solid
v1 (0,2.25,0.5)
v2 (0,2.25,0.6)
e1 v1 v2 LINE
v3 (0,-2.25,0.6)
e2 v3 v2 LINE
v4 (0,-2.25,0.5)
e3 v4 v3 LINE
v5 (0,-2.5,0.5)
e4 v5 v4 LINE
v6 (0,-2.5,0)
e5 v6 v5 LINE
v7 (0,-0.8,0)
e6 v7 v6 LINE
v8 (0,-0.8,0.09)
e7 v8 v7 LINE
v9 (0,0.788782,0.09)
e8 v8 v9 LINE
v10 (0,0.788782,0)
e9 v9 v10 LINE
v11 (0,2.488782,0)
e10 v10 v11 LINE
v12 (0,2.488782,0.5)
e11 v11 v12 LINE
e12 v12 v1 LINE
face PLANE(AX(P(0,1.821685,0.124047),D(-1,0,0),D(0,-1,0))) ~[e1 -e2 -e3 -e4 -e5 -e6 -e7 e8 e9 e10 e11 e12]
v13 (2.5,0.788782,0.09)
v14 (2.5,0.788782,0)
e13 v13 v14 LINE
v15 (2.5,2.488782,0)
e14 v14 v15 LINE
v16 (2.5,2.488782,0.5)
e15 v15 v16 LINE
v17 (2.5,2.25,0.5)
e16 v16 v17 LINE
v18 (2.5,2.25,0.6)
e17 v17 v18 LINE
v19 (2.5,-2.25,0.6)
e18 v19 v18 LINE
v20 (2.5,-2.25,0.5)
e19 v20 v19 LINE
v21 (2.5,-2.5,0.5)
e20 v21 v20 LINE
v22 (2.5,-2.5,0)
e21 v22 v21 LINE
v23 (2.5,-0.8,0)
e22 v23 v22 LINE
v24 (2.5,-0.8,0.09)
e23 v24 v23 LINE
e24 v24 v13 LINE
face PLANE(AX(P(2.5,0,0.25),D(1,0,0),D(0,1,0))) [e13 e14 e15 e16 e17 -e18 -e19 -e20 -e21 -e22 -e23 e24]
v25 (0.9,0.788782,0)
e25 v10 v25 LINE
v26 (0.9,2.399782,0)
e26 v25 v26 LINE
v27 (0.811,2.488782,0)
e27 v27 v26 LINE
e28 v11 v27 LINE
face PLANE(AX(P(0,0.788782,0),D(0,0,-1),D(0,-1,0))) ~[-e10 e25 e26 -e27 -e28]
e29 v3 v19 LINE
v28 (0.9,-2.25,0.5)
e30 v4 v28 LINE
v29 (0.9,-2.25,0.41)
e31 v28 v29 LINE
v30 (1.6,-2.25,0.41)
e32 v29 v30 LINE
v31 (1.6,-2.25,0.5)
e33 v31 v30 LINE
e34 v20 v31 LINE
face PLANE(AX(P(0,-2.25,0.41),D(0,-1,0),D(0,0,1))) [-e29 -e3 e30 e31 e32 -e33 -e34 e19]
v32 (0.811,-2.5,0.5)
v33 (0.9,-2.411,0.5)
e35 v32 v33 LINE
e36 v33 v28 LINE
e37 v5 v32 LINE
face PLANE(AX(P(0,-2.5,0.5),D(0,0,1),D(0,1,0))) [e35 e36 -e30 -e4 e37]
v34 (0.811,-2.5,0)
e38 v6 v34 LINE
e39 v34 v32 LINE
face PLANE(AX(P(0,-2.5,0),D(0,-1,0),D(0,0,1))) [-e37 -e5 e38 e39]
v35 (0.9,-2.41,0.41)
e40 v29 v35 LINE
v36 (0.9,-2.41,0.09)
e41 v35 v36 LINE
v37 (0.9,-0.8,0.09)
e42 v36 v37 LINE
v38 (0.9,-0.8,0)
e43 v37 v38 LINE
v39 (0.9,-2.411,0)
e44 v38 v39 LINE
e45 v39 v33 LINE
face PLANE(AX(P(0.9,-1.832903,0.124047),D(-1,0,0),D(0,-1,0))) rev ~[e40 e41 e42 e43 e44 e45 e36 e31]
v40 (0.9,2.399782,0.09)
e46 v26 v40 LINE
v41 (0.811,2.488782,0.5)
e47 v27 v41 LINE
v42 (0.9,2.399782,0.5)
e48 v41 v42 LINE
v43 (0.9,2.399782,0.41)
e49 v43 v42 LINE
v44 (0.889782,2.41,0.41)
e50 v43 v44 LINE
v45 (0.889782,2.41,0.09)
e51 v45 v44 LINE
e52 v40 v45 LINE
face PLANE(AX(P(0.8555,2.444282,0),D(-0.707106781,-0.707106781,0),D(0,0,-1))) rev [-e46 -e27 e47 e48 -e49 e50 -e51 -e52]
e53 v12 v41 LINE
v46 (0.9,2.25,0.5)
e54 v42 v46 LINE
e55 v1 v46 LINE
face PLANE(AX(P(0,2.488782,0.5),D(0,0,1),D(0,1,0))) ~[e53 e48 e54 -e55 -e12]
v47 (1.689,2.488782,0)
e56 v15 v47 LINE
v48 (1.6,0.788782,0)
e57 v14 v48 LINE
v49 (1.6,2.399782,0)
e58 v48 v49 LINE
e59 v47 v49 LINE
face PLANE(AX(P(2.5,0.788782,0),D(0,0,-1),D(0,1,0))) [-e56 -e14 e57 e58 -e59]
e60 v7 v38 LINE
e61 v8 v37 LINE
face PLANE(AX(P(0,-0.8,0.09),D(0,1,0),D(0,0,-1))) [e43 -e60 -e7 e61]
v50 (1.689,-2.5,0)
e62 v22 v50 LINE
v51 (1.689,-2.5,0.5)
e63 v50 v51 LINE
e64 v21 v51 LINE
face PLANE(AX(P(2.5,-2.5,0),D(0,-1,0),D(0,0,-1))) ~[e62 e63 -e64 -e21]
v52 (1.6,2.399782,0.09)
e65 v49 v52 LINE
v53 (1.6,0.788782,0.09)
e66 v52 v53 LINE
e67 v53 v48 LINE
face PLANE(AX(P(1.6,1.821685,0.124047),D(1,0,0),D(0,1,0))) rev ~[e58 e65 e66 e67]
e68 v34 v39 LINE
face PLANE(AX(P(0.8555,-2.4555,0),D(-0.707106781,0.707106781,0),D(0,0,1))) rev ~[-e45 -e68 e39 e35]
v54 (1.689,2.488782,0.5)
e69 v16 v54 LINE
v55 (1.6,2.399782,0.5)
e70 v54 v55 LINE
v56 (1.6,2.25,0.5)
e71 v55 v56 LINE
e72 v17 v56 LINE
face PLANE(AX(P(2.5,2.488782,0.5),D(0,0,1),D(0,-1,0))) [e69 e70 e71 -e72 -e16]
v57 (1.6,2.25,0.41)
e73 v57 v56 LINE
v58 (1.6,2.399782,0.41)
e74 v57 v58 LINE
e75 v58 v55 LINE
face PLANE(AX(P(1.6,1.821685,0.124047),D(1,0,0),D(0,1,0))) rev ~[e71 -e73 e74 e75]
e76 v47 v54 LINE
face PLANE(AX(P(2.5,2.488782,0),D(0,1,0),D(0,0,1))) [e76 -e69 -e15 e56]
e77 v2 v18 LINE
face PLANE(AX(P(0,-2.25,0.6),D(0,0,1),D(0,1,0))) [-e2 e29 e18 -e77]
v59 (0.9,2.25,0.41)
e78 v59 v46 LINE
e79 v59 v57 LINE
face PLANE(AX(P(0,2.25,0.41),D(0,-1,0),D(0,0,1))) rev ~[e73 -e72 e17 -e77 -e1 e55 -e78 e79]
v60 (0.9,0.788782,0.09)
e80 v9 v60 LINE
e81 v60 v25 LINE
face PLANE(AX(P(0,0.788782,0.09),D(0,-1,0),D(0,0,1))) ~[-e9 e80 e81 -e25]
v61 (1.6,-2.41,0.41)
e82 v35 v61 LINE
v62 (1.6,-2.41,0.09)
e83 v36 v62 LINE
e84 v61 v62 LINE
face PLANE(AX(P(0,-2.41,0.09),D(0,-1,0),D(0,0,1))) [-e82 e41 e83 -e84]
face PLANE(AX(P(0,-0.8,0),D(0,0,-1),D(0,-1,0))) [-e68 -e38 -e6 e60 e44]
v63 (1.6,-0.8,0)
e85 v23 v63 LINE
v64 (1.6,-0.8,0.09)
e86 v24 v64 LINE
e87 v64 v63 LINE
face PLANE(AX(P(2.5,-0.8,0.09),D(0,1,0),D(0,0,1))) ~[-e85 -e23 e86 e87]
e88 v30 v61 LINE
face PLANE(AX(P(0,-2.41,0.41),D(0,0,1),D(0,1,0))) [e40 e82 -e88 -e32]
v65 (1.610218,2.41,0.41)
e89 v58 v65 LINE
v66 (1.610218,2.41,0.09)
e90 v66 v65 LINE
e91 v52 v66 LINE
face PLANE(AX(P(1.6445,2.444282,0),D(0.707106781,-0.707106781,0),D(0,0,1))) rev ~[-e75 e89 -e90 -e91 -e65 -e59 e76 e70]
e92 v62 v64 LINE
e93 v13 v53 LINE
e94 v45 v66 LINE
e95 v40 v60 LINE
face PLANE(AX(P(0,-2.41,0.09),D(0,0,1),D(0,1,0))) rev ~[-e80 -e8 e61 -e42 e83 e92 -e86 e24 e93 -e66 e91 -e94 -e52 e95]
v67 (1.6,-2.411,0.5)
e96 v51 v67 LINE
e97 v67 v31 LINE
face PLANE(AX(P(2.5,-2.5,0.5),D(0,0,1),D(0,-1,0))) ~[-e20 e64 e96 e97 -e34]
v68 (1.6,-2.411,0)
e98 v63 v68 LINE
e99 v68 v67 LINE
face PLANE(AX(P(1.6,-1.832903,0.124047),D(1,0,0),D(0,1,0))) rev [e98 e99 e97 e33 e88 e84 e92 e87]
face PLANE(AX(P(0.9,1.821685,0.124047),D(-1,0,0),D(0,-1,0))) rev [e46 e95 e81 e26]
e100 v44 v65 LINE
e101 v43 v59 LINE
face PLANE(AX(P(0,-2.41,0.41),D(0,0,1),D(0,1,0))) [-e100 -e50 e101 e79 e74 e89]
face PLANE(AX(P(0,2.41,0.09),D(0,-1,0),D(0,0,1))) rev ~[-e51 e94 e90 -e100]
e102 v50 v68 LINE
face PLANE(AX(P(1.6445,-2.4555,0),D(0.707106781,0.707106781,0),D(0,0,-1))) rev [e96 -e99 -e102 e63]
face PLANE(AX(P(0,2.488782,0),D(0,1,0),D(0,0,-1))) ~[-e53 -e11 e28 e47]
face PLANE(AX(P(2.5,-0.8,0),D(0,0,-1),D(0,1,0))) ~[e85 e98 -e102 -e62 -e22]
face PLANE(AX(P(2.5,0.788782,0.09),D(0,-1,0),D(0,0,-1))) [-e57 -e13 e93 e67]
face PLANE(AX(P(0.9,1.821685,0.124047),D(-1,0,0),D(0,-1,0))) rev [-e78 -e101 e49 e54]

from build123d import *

# Parameters (mm, degrees)
PAD002_DEPTH = 0.9
CHAMFER_SIZE = 0.089
SKETCH001_W  = 4.5
SKETCH001_H  = 0.19
PAD001_DEPTH = 2.5
SKETCH_W     = 4.82
SKETCH_H     = 0.32
PAD_DEPTH    = 2.5


with BuildPart() as body002:
    # Sketch002 → Pad002 (new body)
    with BuildSketch(Plane.YZ):
        Polygon((-2.25, 0.41), (-2.41, 0.41), (-2.41, 0.09), (-0.8, 0.09), (-0.8, 0), (-2.5, 0), (-2.5, 0.5), (-2.25, 0.5), align=None)
    extrude(amount=PAD002_DEPTH)

    # Chamfer
    chamfer_edges = [body002.edges().sort_by_distance(p)[0] for p in [
        (0.9, -2.5, 0.25),
    ]]
    chamfer(chamfer_edges, length=CHAMFER_SIZE)


with BuildPart() as mirror_of_body002:
    # mirror: instance of Body002
    add(body002.part.mirror(Plane(origin=(1.25, -2.25, 0.6), x_dir=(0, -1, 0), z_dir=(1, 0, 0))))


with BuildPart() as fusion:
    # Fusion base: copy of Body002
    add(body002.part)

    # Fusion: union Mirror of Body002
    add(mirror_of_body002.part)


with BuildPart() as mirror_of_fusion:
    # mirror001: instance of Fusion
    add(fusion.part.mirror(Plane(origin=(0.018654, -0.005609, 0.6), x_dir=(1, 0, 0), z_dir=(0, 1, 0))))


with BuildPart() as fusion001:
    # Fusion001 base: copy of Fusion
    add(fusion.part)

    # Fusion001: union Mirror of Fusion
    add(mirror_of_fusion.part)


with BuildPart() as fusion002:
    # Sketch001 → Pad001 (new body)
    with BuildSketch(Plane.YZ):
        with Locations((0, 0.505)):
            Rectangle(SKETCH001_W, SKETCH001_H)
    extrude(amount=PAD001_DEPTH)

    # Fusion002: union Fusion001
    add(fusion001.part)


with BuildPart() as lvk20:
    # Sketch → Pad (new body)
    with BuildSketch(Plane.YZ):
        with Locations((0, 0.25)):
            Rectangle(SKETCH_W, SKETCH_H)
    extrude(amount=PAD_DEPTH)

    # Fusion003: union Fusion002
    add(fusion002.part)


solid = lvk20.part
